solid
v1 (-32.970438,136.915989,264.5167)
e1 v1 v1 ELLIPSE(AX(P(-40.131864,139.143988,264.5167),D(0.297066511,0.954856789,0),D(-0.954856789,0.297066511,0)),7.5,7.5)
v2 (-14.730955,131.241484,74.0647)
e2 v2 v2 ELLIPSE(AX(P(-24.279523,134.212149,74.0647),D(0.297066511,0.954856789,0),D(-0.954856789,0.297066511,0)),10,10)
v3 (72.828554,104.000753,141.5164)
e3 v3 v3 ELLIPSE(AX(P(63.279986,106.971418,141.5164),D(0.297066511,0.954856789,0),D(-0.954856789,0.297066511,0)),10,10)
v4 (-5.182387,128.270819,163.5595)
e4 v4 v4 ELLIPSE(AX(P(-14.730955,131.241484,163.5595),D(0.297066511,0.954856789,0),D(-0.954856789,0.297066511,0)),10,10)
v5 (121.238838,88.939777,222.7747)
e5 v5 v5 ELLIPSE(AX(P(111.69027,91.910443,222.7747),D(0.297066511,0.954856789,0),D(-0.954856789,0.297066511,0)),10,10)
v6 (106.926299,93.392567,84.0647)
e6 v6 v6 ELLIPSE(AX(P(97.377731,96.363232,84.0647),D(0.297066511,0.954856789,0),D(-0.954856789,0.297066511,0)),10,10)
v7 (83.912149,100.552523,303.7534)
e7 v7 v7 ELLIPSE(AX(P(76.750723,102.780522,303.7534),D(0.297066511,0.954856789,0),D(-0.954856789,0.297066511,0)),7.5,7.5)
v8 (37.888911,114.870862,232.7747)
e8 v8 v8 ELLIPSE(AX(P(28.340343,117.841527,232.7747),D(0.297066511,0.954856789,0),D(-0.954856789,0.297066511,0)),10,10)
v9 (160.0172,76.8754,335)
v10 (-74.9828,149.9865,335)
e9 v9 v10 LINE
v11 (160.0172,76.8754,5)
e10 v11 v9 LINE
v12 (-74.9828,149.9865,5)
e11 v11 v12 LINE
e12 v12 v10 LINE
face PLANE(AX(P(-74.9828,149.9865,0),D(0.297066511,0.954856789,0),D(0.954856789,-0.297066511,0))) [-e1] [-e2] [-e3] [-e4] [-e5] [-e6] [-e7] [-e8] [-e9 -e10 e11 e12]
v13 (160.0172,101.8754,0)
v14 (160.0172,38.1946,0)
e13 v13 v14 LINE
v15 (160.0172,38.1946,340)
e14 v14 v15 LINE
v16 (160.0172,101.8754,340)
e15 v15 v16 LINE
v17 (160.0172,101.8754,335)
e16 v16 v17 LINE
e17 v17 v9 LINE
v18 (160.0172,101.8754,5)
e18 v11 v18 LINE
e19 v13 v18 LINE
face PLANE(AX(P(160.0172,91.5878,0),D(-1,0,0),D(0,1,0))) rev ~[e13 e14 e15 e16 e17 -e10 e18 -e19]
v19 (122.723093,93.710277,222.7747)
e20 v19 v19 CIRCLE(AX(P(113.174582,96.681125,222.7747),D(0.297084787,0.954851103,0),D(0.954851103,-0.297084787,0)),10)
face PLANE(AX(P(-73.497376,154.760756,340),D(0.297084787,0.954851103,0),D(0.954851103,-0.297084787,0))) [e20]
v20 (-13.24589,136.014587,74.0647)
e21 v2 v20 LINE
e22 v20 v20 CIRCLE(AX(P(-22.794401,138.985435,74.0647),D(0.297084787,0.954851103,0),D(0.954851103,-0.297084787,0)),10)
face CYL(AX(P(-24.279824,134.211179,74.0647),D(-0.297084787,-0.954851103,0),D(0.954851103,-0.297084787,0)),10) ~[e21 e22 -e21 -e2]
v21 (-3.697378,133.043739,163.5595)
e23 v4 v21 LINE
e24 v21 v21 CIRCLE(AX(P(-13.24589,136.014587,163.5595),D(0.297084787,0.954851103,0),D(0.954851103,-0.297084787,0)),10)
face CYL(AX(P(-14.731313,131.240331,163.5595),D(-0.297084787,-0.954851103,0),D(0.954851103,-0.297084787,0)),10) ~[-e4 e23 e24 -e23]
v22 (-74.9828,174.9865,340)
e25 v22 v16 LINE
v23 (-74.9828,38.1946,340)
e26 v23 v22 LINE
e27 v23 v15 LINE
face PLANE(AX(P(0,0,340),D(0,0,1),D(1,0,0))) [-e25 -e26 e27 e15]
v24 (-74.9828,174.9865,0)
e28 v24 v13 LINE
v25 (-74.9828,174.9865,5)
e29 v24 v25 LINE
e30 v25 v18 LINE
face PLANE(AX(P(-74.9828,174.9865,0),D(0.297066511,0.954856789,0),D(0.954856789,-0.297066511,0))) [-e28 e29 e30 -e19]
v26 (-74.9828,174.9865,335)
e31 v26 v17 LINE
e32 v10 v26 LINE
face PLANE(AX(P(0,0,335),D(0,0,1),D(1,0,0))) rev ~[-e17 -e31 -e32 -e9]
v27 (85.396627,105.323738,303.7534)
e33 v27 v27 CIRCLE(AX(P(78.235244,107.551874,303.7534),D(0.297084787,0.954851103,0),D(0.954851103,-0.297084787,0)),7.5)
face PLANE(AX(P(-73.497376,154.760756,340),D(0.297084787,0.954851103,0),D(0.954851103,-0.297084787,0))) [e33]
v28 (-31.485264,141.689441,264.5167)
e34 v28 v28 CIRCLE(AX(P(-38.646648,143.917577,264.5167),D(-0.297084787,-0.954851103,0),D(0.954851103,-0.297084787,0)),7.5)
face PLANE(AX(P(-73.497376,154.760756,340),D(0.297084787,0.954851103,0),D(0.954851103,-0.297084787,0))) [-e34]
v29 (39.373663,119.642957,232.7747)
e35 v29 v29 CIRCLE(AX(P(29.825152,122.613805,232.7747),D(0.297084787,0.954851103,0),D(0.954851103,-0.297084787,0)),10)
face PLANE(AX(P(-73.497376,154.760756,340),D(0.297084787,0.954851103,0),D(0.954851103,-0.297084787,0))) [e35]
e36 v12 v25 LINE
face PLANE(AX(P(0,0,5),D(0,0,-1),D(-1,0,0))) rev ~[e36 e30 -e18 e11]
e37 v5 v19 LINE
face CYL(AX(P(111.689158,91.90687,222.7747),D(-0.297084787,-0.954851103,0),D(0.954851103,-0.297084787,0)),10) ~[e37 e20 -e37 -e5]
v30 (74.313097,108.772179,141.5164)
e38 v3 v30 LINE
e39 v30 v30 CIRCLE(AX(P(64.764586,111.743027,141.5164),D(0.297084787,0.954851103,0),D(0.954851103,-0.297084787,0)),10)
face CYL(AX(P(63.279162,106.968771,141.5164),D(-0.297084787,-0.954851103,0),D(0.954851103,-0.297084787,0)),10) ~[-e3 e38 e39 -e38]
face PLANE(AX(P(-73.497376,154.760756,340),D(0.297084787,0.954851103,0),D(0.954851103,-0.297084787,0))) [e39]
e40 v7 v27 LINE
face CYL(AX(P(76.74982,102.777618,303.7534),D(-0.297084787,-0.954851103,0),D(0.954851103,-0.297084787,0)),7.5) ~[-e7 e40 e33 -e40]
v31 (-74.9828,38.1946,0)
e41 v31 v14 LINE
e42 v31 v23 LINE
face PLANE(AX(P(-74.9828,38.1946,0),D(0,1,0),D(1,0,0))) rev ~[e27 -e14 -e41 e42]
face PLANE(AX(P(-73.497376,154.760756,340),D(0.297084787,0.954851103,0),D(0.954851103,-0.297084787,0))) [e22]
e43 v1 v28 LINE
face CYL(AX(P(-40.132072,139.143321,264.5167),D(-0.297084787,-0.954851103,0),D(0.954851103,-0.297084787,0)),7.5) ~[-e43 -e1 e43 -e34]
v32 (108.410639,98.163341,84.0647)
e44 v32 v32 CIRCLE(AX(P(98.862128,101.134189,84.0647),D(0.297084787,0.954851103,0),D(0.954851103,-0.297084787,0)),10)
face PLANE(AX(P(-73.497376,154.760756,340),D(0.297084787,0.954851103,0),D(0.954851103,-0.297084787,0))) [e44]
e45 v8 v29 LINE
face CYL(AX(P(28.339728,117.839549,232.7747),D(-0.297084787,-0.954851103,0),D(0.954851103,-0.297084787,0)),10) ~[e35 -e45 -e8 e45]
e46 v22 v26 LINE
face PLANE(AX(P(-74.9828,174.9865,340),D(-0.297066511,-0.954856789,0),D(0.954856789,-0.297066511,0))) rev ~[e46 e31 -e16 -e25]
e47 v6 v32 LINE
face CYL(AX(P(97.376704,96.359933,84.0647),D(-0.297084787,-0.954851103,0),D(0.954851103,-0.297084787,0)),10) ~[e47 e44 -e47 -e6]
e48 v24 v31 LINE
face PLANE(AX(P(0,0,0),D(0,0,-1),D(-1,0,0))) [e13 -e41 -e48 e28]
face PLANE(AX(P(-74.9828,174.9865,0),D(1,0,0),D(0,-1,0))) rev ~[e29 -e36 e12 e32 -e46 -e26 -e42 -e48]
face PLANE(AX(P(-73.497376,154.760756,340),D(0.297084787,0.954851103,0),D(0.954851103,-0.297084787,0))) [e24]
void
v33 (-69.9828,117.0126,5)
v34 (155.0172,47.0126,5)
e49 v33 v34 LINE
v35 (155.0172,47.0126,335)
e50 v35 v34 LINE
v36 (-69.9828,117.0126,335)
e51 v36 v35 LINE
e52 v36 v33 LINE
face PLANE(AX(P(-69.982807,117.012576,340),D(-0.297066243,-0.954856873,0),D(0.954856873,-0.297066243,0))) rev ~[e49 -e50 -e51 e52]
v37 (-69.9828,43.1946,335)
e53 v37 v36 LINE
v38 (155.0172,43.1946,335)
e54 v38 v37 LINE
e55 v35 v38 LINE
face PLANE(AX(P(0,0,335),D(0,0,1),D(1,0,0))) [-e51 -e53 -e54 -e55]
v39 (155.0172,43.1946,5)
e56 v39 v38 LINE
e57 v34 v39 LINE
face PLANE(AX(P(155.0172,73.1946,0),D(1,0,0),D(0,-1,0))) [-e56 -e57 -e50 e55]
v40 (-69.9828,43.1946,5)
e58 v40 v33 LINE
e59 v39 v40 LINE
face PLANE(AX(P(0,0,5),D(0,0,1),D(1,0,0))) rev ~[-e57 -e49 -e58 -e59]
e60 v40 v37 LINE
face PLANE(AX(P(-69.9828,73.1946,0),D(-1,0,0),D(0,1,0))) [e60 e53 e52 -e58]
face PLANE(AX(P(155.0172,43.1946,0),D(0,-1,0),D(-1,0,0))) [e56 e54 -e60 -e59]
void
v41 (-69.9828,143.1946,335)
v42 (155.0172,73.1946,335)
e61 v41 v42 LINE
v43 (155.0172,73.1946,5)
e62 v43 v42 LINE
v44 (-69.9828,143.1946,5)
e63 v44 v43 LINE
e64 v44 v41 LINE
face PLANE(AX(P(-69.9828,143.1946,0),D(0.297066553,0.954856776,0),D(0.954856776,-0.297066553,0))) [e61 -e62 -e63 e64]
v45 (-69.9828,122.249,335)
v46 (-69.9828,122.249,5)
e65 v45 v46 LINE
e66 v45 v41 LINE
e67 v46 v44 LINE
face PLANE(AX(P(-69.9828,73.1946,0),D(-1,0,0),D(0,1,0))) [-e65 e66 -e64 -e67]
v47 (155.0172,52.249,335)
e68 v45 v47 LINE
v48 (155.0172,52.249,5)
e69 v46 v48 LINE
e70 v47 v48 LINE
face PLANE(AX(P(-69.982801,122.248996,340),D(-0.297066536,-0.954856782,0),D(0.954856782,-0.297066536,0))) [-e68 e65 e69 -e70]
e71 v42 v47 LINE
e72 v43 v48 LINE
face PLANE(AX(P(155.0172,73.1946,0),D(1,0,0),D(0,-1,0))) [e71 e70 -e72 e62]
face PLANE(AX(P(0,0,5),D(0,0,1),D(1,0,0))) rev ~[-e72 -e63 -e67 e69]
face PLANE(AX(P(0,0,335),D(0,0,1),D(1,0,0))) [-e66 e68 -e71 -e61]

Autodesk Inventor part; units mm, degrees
ref_plane "YZ Plane" through (0, 0, 0) normal (1, 0, 0) x (0, 1, 0)
ref_plane "XZ Plane" through (0, 0, 0) normal (0, 1, 0) x (-1, 0, 0)
ref_plane "XY Plane" through (0, 0, 0) normal (0, 0, 1) x (1, 0, 0)
sketch "Sketch1" plane through (0, 0, 0) normal (0, 0, 1) x (1, 0, 0)
  line L0 (-69.9828, 73.1946) -> (155.0172, 73.1946)
  line L1 (155.0172, 73.1946) -> (155.0172, 43.1946)
  line L2 (155.0172, 43.1946) -> (-69.9828, 43.1946)
  line L3 (-69.9828, 43.1946) -> (-69.9828, 73.1946)
  line L4 (-69.9828, 73.1946) -> (-69.9828, 143.1946)
  line L5 (-69.9828, 143.1946) -> (155.0172, 73.1946)
  line L6 (-74.9828, 93.1946) -> (-74.9828, 38.1946)
  line L7 (-74.9828, 38.1946) -> (160.0172, 38.1946)
  line L8 (160.0172, 38.1946) -> (160.0172, 76.8754)
  line L9 (-74.9828, 73.1946) -> (-74.9828, 149.9865)
  line L10 (-74.9828, 149.9865) -> (160.0172, 76.8754)
  line L11 (-69.9828, 143.1946) -> (-74.9828, 143.1946)
  line L12 (155.0172, 73.1946) -> (160.0172, 73.1946)
  line L13 (-69.9828, 73.1946) -> (-74.9828, 73.1946)
  point P0 (0, 0)
  point P1 (-74.9828, 93.1946)
  dimension "d0" = 225
  dimension "d1" = 30
  dimension "d2" = 70
  dimension "d3" = 5
  dimension "d4" = 5
  dimension "d32" = 5
extrude "Extrusion1" add sketch "Sketch1" along normal blind 340 contours L13 L6 L9 L11 L4 | L3 L2 L1 L12 L8 L7 L6 L13 | L5 L11 L9 L10 L8 L12
extrude "Extrusion2" add sketch "Sketch1" along normal blind 340 contours L4 L5 L0 | L0 L1 L2 L3
extrude "Extrusion3" cut sketch "Sketch1" along normal blind 335 contours L4 L5 L0 | L0 L1 L2 L3
extrude "Extrusion4" add sketch "Sketch1" along normal blind 5 contours L4 L5 L0 | L0 L1 L2 L3
sketch "Sketch2" plane through (-74.9828, 149.9865, 340) normal (0.2971, 0.9549, 0) x (0.9549, -0.2971, 0)
  line L0 (36.4986, 335) -> (36.4986, 5) projected
  circle A0 centre (36.4986, 75.4833) radius 7.5
  circle A1 centre (53.1004, 265.9353) radius 10
  circle A2 centre (108.208, 107.2253) radius 10
  circle A3 centre (63.1004, 176.4405) radius 10
  circle A4 centre (158.9071, 36.2466) radius 7.5
  circle A5 centre (180.5093, 255.9353) radius 10
  circle A6 centre (144.7995, 198.4836) radius 10
  circle A7 centre (195.4985, 117.2253) radius 10
  point P0 (116.1538, 340)
  dimension "d13" = 15
  dimension "d14" = 20
  dimension "d15" = 20
  dimension "d16" = 20
  dimension "d17" = 15
  dimension "d18" = 20
  dimension "d19" = 20
  dimension "d20" = 20
extrude "Extrusion5" add sketch "Sketch2" along normal blind 5
sketch "Sketch3" plane through (0, 0, 340) normal (0, 0, 1) x (1, 0, 0)
  line L0 (-69.9828, 143.1946) -> (158.5319, 72.1011)
  line L1 (160.0172, 76.8754) -> (-74.9828, 149.9865) projected
  line L2 (-75.9241, 124.0974) -> (155.0172, 52.249)
  line L3 (-69.9828, 143.1946) -> (-69.9828, 122.249)
  line L4 (-69.9828, 43.1946) -> (-69.9828, 143.1946) projected
  line L5 (155.0172, 43.1946) -> (155.0172, 73.1946) projected
  line L6 (155.0172, 73.1946) -> (155.0172, 52.249)
  line L7 (-74.9828, 149.9865) -> (-74.9828, 174.9865)
  line L8 (-74.9828, 174.9865) -> (160.0172, 101.8754)
  line L9 (-69.9828, 143.1946) -> (155.0172, 73.1946) projected
  line L10 (160.0172, 76.8754) -> (160.0172, 101.8754)
  line L11 (-77.4095, 119.3231) -> (160.0172, 45.4571)
  line L12 (160.0172, 45.4571) -> (160.0172, 93.1946)
  line L13 (-69.9828, 122.249) -> (-69.9828, 117.0126)
  line L14 (155.0172, 52.249) -> (155.0172, 47.0126)
  point P0 (0, 0)
  dimension "d23" = 20
  dimension "d24" = 25
  dimension "d25" = 5
extrude "Extrusion6" add sketch "Sketch3" against normal blind 340 contours L2 L5 L11 L4
extrude "Extrusion7" add sketch "Sketch3" against normal blind 5 contours L1 L7 L8 L10
sketch "Sketch4" plane through (0, 0, 0) normal (0, 0, -1) x (-1, 0, 0)
  line L0 (74.9828, 174.9865) -> (74.9828, 38.1946) projected
  line L1 (74.9828, 169.9638) -> (74.9828, 174.9865)
  line L2 (-160.0172, 38.1946) -> (-160.0172, 101.8754) projected
  line L3 (74.9828, 174.9865) -> (-160.0172, 101.8754)
  line L4 (-160.0172, 101.8754) -> (-160.0172, 91.5878)
  line L5 (-160.0172, 76.8754) -> (74.9828, 149.9865) projected
  line L6 (74.9828, 149.9865) -> (-160.0172, 76.8754)
  point P0 (0, 0)
extrude "Extrusion8" add sketch "Sketch4" against normal blind 5
properties part number "newcollection"
